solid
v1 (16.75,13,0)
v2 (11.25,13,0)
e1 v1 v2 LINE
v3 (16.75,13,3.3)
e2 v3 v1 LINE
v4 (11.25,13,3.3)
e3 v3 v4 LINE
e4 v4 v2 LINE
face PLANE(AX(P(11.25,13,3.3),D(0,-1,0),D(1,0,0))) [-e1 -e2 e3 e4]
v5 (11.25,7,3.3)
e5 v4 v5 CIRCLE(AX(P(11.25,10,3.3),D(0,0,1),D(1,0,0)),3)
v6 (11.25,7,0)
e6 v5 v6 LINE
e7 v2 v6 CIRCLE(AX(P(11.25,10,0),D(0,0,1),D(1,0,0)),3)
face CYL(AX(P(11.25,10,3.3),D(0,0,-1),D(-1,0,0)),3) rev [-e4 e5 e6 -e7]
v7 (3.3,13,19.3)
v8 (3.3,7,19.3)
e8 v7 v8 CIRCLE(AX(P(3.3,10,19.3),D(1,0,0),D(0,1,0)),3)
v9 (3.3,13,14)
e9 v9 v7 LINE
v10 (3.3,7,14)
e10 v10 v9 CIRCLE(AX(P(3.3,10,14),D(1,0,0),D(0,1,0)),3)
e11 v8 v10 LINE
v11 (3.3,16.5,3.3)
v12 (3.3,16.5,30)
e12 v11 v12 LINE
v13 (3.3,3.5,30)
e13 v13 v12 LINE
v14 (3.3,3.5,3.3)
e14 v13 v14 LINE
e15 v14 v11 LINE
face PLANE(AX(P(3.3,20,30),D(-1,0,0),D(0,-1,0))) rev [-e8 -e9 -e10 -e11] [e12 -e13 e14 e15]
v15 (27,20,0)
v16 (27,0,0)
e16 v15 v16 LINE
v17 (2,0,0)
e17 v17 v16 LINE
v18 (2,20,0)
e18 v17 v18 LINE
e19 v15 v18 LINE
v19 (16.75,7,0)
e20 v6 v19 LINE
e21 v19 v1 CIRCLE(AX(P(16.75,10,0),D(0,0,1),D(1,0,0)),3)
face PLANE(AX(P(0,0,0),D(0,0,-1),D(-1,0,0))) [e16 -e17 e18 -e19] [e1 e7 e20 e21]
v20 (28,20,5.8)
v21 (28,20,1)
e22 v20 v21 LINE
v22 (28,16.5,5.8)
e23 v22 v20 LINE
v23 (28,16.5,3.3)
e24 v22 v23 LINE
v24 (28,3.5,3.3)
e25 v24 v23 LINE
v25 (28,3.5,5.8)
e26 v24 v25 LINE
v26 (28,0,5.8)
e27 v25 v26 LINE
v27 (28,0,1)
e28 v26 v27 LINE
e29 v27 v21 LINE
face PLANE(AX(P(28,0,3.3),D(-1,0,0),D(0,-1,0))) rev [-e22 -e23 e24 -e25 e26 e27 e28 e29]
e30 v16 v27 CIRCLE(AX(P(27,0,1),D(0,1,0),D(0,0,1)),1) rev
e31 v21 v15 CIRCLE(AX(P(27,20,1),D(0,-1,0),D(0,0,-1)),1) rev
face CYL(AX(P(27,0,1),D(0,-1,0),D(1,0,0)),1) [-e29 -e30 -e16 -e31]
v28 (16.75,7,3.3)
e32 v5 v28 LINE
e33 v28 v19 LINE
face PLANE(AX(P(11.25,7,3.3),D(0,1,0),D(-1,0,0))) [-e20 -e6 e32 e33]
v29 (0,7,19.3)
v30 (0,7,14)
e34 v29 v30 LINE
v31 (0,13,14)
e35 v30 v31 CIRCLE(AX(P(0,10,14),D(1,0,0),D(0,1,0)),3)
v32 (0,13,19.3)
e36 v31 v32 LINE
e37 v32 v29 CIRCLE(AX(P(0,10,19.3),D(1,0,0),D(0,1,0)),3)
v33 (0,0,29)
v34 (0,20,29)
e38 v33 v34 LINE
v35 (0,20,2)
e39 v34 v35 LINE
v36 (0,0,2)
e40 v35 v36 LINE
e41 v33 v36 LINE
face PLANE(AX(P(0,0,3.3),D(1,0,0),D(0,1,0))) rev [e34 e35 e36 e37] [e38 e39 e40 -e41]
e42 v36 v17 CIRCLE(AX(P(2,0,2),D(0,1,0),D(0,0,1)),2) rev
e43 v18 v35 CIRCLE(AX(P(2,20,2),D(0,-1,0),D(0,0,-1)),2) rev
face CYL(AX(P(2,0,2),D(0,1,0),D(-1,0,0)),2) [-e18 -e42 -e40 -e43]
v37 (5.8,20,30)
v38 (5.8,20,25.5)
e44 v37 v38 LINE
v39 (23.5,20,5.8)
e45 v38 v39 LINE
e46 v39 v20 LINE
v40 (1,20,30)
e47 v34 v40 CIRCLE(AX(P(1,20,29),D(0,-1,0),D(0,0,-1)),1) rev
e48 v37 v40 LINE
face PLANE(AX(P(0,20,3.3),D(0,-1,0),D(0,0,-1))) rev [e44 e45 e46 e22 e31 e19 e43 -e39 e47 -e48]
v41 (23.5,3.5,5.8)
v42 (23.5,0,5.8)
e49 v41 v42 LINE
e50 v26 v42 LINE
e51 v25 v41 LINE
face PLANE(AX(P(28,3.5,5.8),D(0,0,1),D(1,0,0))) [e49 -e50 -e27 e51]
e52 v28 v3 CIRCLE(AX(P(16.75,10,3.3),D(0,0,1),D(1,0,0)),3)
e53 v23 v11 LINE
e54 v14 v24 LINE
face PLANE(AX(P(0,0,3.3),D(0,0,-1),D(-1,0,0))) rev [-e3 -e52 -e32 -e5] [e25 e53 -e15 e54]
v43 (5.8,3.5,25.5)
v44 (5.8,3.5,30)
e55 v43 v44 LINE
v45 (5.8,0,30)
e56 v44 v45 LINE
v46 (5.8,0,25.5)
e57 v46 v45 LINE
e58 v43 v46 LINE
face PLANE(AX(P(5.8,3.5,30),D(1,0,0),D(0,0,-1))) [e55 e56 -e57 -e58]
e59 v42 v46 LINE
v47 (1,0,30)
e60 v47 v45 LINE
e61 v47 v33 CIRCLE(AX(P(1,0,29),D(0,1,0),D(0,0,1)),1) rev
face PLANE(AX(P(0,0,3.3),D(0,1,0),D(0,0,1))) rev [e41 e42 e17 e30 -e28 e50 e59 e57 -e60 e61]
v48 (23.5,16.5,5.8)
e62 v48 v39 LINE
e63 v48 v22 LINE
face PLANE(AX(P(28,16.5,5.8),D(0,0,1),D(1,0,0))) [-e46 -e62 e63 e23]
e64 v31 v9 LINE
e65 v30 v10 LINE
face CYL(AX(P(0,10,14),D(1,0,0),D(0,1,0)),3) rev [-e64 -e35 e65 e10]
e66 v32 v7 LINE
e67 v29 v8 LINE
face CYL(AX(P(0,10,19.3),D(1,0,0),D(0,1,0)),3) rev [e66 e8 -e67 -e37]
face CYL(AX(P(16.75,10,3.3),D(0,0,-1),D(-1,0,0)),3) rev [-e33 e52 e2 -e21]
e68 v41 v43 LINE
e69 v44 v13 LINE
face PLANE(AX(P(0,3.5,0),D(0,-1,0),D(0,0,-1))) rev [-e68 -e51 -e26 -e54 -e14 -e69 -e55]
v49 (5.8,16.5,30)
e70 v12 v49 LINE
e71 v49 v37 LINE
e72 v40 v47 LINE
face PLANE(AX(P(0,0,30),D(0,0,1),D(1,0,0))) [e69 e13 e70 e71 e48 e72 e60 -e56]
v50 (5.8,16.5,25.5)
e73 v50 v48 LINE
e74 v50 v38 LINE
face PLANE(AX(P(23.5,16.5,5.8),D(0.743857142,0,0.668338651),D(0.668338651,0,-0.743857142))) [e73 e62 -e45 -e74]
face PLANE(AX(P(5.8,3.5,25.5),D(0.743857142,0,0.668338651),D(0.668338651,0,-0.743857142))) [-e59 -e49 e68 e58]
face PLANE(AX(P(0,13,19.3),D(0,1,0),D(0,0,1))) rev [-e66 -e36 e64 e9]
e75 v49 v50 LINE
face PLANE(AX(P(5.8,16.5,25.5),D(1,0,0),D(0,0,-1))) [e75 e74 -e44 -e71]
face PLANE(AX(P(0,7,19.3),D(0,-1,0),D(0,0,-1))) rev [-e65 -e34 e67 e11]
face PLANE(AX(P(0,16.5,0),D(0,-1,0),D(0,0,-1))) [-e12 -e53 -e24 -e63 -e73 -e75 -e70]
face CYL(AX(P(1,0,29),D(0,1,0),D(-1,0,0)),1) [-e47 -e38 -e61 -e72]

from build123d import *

# Parameters (mm, degrees)
SKETCH1_W           = 28
SKETCH1_H           = 20
BOSS_EXTRUDE1_DEPTH = 3.3
SKETCH2_W           = 3.3
SKETCH2_H           = 20
BOSS_EXTRUDE2_DEPTH = 26.7
CUT_EXTRUDE1_DEPTH  = 44.704576419
BOSS_EXTRUDE3_DEPTH = 3.5
BOSS_EXTRUDE4_DEPTH = 3.5
FILLET1_R           = 2
FILLET2_R           = 1
FILLET3_R           = 1


with BuildPart() as part:
    # Sketch1 → Boss-Extrude1 (new body)
    with BuildSketch(Plane.XY):
        with Locations((14, 10)):
            Rectangle(SKETCH1_W, SKETCH1_H)
        with BuildLine():
            Line((11.25, 13), (16.75, 13))
            ThreePointArc((16.75, 13), (19.75, 10), (16.75, 7))
            Line((16.75, 7), (11.25, 7))
            ThreePointArc((11.25, 7), (8.25, 10), (11.25, 13))
        make_face(mode=Mode.SUBTRACT)
    extrude(amount=BOSS_EXTRUDE1_DEPTH)

    # Sketch2 → Boss-Extrude2 (add)
    with BuildSketch(Plane.XY.offset(3.3)):
        with Locations((1.65, 10)):
            Rectangle(SKETCH2_W, SKETCH2_H)
    extrude(amount=BOSS_EXTRUDE2_DEPTH)

    # Sketch3 → Cut-Extrude1 (cut, through all)
    with BuildSketch(Plane(origin=(3.3, 0, 0), x_dir=(0, 0, -1), z_dir=(1, 0, 0))):
        with BuildLine():
            Line((-19.3, 13), (-14, 13))
            ThreePointArc((-14, 13), (-11, 10), (-14, 7))
            Line((-14, 7), (-19.3, 7))
            ThreePointArc((-19.3, 7), (-22.3, 10), (-19.3, 13))
        make_face()
    extrude(amount=-CUT_EXTRUDE1_DEPTH, mode=Mode.SUBTRACT)

    # Sketch4 → Boss-Extrude3 (add)
    with BuildSketch(Plane.XZ):
        Polygon((3.3, 30), (5.8, 30), (5.8, 25.5), (23.5, 5.8), (28, 5.8), (28, 3.3), (3.3, 3.3), align=None)
    extrude(amount=-BOSS_EXTRUDE3_DEPTH)

    # Sketch5 → Boss-Extrude4 (add)
    with BuildSketch(Plane(origin=(0, 20, 0), x_dir=(1, 0, 0), z_dir=(0, 1, 0))):
        Polygon((28, -3.3), (28, -5.8), (23.5, -5.8), (5.8, -25.5), (5.8, -30), (3.3, -30), (3.3, -3.3), align=None)
    extrude(amount=-BOSS_EXTRUDE4_DEPTH)

    # Fillet1
    fillet1_edges = [part.edges().sort_by_distance(p)[0] for p in [
        (0, 10, 0),
    ]]
    fillet(fillet1_edges, radius=FILLET1_R)

    # Fillet2
    fillet2_edges = [part.edges().sort_by_distance(p)[0] for p in [
        (0, 10, 30),
    ]]
    fillet(fillet2_edges, radius=FILLET2_R)

    # Fillet3
    fillet3_edges = [part.edges().sort_by_distance(p)[0] for p in [
        (28, 10, 0),
    ]]
    fillet(fillet3_edges, radius=FILLET3_R)


solid = part.part
